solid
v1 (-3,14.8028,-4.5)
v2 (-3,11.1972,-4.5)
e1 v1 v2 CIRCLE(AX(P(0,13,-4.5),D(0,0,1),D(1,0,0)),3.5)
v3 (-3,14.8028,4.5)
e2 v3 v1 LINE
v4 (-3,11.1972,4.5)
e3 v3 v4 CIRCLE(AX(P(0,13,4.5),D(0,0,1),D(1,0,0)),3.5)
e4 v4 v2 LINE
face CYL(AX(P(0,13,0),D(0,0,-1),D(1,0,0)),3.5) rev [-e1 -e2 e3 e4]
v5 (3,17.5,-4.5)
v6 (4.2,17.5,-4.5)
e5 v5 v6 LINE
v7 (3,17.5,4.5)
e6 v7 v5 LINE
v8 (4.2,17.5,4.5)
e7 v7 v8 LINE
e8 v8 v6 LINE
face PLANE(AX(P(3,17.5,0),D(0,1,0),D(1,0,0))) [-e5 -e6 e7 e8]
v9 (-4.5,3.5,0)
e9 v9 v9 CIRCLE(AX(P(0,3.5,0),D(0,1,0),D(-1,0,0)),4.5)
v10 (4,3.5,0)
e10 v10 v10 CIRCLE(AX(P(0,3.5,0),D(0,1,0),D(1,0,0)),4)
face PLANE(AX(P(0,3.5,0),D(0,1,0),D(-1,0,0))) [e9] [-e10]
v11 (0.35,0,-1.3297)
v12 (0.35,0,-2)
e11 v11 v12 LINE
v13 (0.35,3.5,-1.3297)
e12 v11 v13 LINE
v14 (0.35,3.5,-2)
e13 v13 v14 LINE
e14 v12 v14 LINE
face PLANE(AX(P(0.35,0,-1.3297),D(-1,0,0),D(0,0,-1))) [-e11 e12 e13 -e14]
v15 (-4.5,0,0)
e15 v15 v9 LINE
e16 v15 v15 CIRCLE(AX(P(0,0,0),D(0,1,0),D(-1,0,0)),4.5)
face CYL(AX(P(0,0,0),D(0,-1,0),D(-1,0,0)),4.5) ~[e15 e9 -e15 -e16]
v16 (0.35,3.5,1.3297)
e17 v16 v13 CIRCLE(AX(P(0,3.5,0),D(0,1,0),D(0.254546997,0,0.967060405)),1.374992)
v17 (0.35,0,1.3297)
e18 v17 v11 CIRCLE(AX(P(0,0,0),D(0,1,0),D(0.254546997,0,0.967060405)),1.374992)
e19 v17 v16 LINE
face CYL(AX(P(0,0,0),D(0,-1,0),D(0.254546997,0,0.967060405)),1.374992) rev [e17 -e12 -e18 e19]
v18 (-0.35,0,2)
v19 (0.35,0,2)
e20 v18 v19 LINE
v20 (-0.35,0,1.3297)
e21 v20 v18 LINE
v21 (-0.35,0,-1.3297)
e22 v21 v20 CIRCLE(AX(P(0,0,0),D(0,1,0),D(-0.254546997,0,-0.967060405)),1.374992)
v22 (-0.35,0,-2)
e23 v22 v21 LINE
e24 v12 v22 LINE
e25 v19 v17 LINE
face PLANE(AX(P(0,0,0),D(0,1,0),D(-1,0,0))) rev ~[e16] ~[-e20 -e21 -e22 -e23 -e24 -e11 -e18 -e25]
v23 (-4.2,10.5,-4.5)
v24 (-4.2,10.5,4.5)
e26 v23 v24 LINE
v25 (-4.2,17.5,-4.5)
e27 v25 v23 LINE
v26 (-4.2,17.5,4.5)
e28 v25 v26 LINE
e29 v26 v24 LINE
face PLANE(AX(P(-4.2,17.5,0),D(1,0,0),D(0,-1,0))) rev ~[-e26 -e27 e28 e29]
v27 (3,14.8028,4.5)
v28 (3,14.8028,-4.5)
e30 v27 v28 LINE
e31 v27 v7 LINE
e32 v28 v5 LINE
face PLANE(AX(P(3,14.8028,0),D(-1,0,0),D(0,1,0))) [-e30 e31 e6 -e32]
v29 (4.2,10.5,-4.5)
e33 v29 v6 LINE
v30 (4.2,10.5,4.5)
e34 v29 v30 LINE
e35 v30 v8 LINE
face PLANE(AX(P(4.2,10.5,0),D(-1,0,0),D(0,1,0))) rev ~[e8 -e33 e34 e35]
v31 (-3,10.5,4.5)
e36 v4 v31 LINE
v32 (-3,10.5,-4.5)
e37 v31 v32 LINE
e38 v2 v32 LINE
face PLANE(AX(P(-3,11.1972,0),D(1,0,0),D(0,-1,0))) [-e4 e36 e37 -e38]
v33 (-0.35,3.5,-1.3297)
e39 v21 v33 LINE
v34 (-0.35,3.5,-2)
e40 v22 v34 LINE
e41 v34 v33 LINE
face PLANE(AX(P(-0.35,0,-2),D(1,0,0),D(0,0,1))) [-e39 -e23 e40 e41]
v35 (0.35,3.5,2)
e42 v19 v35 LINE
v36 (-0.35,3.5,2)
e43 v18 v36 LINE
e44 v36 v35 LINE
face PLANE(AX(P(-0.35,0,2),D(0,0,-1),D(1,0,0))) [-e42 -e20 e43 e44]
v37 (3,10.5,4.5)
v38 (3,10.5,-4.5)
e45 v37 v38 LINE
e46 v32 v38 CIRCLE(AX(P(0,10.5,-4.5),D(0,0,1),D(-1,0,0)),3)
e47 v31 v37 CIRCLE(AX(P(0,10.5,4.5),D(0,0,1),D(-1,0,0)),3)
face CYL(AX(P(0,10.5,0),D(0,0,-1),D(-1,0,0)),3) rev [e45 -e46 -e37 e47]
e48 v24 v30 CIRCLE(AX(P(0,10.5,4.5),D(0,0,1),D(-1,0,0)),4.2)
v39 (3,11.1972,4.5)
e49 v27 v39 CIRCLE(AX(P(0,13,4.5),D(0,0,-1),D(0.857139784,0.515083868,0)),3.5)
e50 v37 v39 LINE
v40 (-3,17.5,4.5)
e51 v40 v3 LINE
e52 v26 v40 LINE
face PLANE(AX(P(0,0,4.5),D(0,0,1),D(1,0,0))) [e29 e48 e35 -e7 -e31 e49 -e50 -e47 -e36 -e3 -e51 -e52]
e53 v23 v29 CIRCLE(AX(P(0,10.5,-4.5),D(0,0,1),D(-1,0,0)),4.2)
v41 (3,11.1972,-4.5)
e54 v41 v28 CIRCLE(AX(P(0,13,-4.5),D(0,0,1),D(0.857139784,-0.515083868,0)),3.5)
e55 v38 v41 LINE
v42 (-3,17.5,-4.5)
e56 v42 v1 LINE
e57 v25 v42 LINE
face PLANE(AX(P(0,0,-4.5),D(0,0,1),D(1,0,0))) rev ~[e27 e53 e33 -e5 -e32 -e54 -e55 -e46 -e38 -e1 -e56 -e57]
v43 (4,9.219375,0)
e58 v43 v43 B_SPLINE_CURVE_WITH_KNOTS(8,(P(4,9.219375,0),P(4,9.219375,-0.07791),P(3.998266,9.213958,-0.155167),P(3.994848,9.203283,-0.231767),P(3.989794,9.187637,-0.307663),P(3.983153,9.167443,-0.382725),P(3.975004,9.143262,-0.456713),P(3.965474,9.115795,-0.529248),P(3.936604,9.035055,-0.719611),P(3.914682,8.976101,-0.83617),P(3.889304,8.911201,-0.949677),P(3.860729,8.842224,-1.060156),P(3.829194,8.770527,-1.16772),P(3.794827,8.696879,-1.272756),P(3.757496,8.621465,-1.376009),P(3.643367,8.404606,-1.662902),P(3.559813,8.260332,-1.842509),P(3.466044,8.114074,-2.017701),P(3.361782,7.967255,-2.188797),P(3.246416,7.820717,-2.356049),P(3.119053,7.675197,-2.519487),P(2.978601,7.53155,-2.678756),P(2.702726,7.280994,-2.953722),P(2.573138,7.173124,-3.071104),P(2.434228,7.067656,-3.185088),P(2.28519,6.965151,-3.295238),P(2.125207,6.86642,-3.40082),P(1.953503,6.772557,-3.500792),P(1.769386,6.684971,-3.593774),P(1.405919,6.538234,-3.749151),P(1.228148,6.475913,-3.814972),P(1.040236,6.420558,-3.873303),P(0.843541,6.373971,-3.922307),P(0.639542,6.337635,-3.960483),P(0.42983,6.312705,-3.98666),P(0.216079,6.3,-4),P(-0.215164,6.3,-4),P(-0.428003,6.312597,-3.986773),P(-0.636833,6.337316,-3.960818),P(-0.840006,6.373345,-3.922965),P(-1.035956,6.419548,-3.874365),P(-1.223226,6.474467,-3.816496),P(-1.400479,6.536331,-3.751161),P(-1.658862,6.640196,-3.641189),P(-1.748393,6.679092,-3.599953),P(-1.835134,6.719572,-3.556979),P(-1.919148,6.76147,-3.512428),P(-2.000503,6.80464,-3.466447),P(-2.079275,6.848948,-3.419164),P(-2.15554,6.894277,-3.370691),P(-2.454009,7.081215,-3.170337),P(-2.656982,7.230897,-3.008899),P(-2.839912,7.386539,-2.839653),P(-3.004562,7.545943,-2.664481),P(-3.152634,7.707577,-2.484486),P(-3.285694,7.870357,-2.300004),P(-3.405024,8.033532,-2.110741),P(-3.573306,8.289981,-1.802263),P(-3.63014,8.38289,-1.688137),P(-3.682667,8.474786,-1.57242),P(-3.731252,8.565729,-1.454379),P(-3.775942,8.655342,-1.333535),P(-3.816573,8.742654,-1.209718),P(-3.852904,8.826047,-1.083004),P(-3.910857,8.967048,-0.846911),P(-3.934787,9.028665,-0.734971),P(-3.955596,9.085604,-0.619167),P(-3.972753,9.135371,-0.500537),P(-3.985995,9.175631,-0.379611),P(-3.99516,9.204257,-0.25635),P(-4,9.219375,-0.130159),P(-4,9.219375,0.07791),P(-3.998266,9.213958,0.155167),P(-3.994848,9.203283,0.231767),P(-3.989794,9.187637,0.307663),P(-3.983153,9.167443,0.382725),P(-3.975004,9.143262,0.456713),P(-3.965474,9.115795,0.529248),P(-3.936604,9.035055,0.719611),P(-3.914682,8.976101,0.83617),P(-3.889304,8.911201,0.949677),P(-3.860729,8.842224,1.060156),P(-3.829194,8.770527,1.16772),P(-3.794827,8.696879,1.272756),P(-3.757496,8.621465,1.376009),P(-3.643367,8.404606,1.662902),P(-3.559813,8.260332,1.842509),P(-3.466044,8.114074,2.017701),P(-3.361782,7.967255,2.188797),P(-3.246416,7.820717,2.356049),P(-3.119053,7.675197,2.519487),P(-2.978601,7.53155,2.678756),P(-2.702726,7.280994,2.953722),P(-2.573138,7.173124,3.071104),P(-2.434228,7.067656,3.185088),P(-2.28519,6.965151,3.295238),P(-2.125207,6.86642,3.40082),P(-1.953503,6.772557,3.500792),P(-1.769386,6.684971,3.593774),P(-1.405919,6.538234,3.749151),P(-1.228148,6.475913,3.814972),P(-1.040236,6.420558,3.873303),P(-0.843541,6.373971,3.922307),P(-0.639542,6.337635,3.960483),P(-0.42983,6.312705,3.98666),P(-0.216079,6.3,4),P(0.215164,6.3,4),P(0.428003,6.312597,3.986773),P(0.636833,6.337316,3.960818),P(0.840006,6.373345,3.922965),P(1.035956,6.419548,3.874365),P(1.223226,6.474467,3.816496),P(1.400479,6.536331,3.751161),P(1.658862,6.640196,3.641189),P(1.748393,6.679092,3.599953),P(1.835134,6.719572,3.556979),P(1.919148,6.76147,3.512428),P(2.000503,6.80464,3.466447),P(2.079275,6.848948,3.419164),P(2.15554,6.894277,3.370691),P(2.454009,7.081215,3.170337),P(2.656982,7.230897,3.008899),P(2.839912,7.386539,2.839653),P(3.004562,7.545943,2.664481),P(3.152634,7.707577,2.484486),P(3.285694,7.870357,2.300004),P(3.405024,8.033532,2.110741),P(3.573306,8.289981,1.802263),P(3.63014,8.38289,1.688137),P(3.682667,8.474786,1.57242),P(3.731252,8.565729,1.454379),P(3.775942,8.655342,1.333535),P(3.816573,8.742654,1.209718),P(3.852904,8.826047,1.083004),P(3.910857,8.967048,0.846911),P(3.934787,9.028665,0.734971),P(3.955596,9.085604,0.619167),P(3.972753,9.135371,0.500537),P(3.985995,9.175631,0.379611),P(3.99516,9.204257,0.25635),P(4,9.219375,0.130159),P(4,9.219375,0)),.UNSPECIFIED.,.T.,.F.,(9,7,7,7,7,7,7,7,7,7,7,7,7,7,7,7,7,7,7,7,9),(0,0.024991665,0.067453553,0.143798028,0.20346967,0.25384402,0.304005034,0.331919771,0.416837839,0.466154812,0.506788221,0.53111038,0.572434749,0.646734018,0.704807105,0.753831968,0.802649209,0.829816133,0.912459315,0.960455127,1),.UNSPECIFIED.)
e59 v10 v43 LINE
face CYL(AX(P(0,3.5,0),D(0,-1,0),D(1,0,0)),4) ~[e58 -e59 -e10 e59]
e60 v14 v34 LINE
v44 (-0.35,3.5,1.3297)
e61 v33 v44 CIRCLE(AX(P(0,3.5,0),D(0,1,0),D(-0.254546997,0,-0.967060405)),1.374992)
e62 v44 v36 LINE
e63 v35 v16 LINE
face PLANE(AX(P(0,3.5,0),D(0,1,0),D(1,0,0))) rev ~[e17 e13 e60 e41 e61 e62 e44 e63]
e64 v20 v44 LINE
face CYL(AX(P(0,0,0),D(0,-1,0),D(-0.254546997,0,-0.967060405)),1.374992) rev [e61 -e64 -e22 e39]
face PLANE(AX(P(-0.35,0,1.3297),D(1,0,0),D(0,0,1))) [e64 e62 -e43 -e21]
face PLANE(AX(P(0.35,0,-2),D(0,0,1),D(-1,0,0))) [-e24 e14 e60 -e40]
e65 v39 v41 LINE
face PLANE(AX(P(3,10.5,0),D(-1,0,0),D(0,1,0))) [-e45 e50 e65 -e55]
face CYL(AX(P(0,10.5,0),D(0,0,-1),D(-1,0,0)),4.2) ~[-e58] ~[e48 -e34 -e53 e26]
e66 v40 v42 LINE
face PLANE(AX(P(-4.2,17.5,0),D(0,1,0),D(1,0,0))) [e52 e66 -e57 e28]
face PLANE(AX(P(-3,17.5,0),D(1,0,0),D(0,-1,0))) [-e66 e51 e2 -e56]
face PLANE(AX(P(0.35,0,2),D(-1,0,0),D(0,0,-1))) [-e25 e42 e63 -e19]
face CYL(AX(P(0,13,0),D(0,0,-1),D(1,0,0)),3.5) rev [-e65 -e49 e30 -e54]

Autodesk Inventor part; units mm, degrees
ref_plane "YZ Plane" through (0, 0, 0) normal (1, 0, 0) x (0, 1, 0)
ref_plane "XZ Plane" through (0, 0, 0) normal (0, 1, 0) x (-1, 0, 0)
ref_plane "XY Plane" through (0, 0, 0) normal (0, 0, 1) x (1, 0, 0)
sketch "Sketch1" plane through (0, 0, 0) normal (0, 1, 0) x (-1, 0, 0)
  circle A0 centre (0, 0) radius 1.115 construction
  arc A1 (-0.35, 1.3297) -> (-0.35, -1.3297) centre (0, 0) ccw
  circle A2 centre (0, 0) radius 4.5
  line L0 (0.35, 2) -> (-0.35, 2)
  line L1 (-0.35, 2) -> (-0.35, -2)
  line L2 (-0.35, -2) -> (0.35, -2)
  line L3 (0.35, -2) -> (0.35, 2)
  arc A3 (0.35, 1.3297) -> (-0.35, 1.3297) centre (0, 0) ccw
  arc A4 (0.35, -1.3297) -> (0.35, 1.3297) centre (0, 0) ccw
  arc A5 (-0.35, -1.3297) -> (0.35, -1.3297) centre (0, 0) ccw
  point P0 (0, 2)
  point P1 (0.35, 0)
  dimension "d1" = 2.23
  dimension "d3" = 9
  dimension "d18" = 0.26
  dimension "d19" = 0.7
  dimension "d20" = 4
extrude "Extrusion1" add sketch "Sketch1" along normal blind 3.5
sketch "Sketch4" plane through (0, 0, 0) normal (0, 0, 1) x (1, 0, 0)
  line L0 (-4.2, 17.5) -> (-4.2, 10.5)
  arc A0 (-4.2, 10.5) -> (4.2, 10.5) centre (0, 10.5) ccw
  line L1 (4.2, 10.5) -> (4.2, 17.5)
  line L2 (-3, 17.5) -> (-3, 14.8028)
  arc A1 (-3, 10.5) -> (3, 10.5) centre (0, 10.5) ccw
  line L3 (3, 10.5) -> (3, 11.1972)
  line L4 (-4.2, 17.5) -> (-3, 17.5)
  line L5 (3, 17.5) -> (4.2, 17.5)
  line L6 (-0.35, 0) -> (0.35, 0) projected
  line L7 (4.5, 3.5) -> (-4.5, 3.5) projected
  circle A2 centre (0, 13) radius 3.5
  line L8 (-3, 14.8028) -> (-3, 11.1972)
  line L9 (-3, 11.1972) -> (-3, 10.5)
  line L10 (3, 11.1972) -> (3, 14.8028)
  line L11 (3, 14.8028) -> (3, 17.5)
  point P0 (0, 0)
  point P1 (0, 0)
  dimension "d21" = 3
  dimension "d23" = 1.2
  dimension "d24" = 7
  dimension "d25" = 7
  dimension "d26" = 7
  dimension "d27" = 2.5
extrude "Extrusion5" add sketch "Sketch4" along normal mid plane 9 contours L4 L2 A2 L9 A1 L3 L11 L5 L1 A0 L0
sketch "Sketch8" plane through (0, 3.5, 0) normal (0, 1, 0) x (1, 0, 0)
  circle A0 centre (0, 0) radius 4
  dimension "d33" = 8
extrude "Extrusion6" add sketch "Sketch8" along normal up to next
sketch "Sketch2" plane through (0, 3.5, 0) normal (0, 1, 0) x (1, 0, 0)
  circle A0 centre (0, 0) radius 1.375 projected
  circle A1 centre (0, 0) radius 3.375
  dimension "d6" = 2
  dimension "d9" = 7.3
  dimension "d10" = 2
properties part number "Laser Mount Mk2"
